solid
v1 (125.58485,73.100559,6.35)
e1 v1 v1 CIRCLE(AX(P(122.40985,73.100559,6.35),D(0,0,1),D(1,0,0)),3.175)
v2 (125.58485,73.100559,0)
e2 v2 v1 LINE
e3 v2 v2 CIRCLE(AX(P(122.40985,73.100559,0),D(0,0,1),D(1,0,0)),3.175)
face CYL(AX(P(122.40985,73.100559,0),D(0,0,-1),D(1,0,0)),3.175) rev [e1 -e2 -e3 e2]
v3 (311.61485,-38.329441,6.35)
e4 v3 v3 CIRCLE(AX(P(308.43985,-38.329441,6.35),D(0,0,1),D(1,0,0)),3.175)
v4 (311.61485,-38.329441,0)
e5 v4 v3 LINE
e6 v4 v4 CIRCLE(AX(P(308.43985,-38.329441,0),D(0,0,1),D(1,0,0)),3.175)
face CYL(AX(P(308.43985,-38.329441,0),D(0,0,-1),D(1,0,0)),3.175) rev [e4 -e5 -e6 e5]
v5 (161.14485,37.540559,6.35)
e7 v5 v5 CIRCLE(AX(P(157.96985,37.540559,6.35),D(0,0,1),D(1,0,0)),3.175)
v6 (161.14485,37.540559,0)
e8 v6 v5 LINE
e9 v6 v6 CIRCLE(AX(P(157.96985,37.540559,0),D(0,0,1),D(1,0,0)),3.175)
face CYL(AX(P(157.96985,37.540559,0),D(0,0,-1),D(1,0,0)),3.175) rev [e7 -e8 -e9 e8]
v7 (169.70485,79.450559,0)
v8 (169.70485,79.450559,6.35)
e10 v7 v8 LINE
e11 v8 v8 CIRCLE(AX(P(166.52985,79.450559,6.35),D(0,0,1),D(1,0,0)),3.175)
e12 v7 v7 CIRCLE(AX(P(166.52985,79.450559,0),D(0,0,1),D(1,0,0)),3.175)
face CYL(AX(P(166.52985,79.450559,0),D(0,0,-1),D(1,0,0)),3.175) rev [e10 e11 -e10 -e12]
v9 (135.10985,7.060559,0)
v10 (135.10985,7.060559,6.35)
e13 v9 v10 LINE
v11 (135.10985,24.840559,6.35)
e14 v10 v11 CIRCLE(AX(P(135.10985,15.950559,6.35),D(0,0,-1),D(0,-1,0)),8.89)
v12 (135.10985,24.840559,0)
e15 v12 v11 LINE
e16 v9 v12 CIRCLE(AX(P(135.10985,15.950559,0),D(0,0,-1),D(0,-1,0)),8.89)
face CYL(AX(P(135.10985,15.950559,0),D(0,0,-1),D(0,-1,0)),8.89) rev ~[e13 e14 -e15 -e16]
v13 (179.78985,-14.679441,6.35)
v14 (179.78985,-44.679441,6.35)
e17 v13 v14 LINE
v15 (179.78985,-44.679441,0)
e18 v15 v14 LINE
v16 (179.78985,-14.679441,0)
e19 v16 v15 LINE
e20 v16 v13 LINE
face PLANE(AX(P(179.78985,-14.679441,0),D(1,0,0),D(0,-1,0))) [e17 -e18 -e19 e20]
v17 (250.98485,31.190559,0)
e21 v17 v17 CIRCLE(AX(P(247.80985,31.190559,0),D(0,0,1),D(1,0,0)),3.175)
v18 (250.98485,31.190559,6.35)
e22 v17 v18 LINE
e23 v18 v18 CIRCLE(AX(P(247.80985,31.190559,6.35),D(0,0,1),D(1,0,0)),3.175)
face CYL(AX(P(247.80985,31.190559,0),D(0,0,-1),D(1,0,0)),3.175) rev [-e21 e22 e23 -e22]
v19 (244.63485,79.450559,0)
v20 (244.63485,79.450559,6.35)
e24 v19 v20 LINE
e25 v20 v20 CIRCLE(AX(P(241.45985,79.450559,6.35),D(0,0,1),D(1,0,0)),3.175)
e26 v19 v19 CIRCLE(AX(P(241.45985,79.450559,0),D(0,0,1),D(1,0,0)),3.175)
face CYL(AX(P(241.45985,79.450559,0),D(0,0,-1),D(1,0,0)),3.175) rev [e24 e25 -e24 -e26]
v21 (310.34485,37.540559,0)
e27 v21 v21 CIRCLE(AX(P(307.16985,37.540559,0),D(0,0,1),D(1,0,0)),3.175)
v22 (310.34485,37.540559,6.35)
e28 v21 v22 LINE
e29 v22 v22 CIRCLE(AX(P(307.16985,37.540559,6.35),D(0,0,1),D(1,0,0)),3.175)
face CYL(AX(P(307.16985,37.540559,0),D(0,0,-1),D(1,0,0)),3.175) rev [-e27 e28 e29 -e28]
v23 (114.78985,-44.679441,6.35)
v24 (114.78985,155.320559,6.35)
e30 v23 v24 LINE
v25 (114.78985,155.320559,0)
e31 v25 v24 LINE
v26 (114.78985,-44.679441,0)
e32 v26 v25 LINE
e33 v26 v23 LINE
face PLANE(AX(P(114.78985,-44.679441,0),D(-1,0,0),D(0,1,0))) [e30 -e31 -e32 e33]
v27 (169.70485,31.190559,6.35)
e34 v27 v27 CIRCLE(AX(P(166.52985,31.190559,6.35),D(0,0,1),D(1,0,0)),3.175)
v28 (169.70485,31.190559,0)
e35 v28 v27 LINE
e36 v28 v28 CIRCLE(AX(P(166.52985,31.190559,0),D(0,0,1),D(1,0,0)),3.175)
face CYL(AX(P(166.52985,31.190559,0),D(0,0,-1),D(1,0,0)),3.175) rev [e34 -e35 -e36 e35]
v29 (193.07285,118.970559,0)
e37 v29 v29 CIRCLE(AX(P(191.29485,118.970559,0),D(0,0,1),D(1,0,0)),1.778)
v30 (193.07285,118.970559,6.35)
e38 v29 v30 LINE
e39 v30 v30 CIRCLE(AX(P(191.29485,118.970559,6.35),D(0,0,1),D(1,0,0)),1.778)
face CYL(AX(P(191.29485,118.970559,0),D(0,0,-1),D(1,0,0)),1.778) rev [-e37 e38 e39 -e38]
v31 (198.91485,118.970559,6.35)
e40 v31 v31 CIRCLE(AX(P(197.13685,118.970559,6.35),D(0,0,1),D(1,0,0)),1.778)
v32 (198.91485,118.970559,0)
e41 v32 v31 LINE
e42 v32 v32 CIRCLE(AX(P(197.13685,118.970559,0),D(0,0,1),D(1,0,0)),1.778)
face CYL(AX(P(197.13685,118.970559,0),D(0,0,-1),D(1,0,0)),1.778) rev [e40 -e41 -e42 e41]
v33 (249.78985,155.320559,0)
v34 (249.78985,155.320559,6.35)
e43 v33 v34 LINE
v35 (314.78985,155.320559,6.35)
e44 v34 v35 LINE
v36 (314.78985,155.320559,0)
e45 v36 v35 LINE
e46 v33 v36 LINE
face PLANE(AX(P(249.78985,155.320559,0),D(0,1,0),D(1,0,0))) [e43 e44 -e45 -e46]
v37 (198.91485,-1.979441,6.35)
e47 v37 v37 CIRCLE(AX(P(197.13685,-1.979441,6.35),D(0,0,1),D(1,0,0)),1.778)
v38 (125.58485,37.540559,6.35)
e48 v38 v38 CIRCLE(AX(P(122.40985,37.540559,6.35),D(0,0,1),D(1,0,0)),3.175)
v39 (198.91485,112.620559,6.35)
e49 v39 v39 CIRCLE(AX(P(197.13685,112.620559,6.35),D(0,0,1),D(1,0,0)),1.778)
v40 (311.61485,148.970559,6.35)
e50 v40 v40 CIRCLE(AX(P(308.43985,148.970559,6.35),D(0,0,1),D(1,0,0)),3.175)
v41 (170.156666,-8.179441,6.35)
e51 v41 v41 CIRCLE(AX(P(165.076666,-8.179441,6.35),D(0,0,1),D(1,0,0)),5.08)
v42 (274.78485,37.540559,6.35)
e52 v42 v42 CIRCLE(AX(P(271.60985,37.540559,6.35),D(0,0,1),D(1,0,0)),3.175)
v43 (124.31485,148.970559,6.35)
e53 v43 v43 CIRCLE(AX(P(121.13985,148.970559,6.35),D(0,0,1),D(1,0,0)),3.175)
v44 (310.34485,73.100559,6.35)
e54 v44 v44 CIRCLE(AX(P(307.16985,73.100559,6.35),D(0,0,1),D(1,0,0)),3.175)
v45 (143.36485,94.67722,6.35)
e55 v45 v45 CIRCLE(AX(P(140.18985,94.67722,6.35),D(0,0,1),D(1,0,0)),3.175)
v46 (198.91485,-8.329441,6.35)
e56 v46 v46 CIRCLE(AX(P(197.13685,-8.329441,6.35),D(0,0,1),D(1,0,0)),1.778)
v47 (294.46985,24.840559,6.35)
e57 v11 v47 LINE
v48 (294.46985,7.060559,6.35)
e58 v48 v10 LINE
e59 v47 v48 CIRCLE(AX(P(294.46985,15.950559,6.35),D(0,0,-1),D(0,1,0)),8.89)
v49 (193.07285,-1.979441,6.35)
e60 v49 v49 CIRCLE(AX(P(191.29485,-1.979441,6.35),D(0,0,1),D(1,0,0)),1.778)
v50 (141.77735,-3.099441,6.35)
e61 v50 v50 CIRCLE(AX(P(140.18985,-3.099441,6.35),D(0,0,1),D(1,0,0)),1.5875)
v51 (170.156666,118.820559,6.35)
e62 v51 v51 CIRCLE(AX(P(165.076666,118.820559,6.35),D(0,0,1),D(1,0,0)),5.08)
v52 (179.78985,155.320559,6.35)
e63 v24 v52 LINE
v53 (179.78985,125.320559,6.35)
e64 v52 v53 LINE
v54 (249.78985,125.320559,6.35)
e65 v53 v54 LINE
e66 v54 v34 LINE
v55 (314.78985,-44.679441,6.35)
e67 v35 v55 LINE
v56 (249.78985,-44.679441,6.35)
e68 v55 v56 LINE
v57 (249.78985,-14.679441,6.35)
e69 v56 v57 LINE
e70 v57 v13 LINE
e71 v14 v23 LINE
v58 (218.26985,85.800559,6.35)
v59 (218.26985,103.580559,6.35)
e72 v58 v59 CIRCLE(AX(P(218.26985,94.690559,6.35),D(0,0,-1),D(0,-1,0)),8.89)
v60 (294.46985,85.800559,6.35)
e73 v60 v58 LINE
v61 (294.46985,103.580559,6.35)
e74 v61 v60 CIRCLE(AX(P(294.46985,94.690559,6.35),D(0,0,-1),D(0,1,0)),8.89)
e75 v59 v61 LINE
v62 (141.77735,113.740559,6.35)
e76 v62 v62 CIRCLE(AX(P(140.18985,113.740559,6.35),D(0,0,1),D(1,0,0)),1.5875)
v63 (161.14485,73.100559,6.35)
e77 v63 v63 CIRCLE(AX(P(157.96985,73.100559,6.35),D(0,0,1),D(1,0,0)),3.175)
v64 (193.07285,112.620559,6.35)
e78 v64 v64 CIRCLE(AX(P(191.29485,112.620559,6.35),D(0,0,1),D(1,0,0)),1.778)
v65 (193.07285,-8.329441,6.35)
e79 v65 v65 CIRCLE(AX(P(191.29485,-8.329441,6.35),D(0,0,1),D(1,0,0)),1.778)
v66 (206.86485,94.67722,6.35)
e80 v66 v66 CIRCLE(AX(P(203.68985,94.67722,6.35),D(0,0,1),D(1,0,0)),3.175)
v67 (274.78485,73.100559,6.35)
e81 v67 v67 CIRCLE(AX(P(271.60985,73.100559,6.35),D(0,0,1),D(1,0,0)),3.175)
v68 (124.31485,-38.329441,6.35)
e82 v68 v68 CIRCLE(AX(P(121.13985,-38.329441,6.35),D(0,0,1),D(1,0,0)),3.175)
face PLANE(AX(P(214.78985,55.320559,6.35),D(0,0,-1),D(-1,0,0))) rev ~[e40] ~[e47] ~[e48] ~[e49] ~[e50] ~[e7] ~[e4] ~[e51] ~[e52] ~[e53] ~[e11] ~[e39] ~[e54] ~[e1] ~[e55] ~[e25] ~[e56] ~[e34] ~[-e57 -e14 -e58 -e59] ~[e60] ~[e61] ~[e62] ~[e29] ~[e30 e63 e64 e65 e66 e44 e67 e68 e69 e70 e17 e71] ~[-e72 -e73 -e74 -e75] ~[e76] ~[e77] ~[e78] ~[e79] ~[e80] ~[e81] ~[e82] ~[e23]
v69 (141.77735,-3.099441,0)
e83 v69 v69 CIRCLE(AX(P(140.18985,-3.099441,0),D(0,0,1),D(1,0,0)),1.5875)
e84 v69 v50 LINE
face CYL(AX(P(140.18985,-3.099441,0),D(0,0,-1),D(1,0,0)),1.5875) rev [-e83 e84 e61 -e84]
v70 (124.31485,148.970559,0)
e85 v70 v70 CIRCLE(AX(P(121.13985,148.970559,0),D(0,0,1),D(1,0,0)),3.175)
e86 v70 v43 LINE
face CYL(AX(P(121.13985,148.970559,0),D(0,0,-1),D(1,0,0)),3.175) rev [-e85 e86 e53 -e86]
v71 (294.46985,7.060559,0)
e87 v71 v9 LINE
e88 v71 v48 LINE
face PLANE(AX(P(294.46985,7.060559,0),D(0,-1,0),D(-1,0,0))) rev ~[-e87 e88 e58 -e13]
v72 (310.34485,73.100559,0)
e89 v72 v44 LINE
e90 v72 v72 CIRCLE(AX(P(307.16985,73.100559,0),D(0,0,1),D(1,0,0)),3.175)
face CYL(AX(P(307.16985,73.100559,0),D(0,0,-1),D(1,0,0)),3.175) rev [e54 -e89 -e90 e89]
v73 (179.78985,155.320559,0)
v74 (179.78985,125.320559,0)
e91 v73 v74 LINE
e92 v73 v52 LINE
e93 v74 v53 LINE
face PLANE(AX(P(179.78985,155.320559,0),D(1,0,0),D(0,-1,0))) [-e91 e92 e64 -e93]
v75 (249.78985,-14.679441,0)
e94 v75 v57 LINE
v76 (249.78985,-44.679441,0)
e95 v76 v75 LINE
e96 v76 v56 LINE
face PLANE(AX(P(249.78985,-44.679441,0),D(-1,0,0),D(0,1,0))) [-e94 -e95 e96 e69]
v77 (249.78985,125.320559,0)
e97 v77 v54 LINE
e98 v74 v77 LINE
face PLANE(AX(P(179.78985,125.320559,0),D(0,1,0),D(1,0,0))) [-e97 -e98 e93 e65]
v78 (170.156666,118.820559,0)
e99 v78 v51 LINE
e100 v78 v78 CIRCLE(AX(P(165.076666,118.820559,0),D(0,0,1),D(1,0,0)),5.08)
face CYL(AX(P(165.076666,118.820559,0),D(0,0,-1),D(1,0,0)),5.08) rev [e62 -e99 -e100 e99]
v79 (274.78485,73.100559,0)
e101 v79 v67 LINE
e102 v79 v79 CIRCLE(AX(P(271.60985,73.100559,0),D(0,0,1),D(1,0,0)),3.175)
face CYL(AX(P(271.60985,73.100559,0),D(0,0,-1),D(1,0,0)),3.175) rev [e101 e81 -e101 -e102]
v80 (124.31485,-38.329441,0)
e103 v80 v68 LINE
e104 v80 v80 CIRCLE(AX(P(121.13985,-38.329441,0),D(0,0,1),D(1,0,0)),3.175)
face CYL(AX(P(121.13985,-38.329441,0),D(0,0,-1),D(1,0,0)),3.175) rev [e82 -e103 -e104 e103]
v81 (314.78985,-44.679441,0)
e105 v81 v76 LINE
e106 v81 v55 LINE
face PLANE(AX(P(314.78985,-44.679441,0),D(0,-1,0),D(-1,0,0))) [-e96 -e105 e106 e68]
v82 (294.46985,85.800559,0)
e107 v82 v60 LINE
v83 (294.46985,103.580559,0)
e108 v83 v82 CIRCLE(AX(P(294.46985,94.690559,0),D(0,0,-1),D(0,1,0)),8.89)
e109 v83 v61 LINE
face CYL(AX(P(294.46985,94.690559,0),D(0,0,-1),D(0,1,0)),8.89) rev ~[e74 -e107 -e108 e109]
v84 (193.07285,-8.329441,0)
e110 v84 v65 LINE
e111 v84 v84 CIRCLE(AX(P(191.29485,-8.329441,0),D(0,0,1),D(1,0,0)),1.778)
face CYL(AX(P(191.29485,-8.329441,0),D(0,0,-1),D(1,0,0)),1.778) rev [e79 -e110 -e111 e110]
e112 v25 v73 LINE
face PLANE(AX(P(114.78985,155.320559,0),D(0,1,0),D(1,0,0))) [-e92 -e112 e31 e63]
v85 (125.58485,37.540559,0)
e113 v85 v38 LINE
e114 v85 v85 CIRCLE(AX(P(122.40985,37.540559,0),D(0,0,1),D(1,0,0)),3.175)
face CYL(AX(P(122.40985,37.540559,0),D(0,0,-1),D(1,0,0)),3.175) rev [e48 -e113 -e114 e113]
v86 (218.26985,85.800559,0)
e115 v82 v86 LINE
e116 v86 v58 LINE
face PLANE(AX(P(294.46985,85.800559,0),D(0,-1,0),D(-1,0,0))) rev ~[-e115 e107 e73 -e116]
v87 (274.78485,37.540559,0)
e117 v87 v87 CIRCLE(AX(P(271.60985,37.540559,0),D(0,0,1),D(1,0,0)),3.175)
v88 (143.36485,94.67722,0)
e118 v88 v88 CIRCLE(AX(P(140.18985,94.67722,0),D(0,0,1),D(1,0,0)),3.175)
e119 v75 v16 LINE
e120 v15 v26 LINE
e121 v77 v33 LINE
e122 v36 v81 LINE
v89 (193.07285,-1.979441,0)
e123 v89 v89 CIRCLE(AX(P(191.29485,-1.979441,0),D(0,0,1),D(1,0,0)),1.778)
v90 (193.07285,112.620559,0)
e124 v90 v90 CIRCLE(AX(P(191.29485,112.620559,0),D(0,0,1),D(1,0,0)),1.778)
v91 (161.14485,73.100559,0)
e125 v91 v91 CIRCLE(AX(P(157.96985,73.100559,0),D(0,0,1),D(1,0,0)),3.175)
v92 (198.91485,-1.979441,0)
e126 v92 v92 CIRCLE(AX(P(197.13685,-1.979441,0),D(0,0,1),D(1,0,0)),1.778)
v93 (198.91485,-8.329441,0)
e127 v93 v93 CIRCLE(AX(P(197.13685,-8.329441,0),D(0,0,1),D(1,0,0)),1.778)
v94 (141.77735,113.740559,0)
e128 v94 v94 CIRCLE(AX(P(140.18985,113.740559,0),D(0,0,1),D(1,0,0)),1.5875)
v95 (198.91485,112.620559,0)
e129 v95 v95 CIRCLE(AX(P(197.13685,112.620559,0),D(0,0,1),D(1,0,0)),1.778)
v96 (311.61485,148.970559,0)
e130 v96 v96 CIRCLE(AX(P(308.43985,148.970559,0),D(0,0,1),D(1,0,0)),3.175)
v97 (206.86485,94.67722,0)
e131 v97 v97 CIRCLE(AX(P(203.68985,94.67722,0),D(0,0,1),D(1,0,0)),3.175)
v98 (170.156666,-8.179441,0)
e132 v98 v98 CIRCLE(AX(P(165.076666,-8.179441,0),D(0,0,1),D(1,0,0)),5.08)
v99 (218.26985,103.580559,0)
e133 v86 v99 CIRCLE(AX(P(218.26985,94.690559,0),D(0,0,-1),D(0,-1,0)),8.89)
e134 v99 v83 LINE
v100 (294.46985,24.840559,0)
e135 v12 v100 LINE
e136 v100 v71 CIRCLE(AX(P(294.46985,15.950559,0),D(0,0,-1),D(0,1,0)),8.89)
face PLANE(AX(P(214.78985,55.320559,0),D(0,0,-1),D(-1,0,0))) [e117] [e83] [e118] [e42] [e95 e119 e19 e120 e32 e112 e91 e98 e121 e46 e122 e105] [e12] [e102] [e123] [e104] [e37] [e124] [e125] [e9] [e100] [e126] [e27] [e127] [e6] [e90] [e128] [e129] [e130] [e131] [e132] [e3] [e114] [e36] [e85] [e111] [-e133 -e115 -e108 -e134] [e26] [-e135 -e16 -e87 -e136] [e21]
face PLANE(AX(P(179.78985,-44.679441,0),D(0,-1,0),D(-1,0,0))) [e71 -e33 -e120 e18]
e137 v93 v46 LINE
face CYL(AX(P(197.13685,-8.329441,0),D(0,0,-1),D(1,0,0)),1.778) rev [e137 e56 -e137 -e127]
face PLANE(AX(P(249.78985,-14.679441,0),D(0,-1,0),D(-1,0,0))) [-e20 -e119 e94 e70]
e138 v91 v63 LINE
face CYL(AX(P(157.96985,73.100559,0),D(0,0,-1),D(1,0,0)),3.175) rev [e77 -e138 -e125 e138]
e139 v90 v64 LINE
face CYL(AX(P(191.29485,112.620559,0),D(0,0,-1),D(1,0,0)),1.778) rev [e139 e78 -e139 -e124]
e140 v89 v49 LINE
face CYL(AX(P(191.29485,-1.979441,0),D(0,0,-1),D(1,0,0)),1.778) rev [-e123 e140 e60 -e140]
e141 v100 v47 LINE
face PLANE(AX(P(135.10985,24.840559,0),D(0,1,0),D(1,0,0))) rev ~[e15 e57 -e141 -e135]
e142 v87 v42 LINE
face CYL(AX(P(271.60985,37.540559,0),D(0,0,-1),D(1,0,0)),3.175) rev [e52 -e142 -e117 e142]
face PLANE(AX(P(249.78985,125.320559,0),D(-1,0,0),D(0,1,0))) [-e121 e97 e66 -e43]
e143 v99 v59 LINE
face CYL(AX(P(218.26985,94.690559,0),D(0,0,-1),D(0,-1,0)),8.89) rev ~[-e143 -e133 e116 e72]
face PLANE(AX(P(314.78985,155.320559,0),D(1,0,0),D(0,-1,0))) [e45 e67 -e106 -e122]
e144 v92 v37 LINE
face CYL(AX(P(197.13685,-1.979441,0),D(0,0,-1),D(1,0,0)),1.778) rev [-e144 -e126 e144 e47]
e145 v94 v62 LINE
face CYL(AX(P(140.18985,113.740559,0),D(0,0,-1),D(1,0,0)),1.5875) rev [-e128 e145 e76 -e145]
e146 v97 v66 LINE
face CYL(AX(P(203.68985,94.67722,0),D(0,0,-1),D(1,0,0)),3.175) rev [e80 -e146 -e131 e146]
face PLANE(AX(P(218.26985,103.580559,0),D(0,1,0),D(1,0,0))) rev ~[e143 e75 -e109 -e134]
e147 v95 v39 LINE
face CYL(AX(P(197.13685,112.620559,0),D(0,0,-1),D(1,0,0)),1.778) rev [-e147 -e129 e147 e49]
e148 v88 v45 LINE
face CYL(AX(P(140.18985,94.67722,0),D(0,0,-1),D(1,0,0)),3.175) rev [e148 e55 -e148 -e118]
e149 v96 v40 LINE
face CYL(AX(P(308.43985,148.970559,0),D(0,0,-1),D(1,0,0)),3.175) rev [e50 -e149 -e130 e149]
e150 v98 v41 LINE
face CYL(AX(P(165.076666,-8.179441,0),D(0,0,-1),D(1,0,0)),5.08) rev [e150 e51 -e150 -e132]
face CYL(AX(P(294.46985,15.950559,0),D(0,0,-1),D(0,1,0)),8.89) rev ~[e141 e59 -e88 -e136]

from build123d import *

# Parameters (mm, degrees)
SKETCH1_R           = 1.5875
SKETCH1_R_2         = 3.175
SKETCH1_R_3         = 1.778
SKETCH1_R_4         = 5.08
BOSS_EXTRUDE1_DEPTH = 6.35


with BuildPart() as part:
    # Sketch1 → Boss-Extrude1 (new body)
    with BuildSketch(Plane.XY):
        Polygon((249.789850187, 155.320558714), (314.789850187, 155.320558714), (314.789850187, -44.679441286), (249.789850187, -44.679441286), (249.789850187, -14.679441286), (179.789850187, -14.679441286), (179.789850187, -44.679441286), (114.789850187, -44.679441286), (114.789850187, 155.320558714), (179.789850187, 155.320558714), (179.789850187, 125.320558714), (249.789850187, 125.320558714), align=None)
        with Locations((140.189850187, -3.099441286)):
            Circle(SKETCH1_R, mode=Mode.SUBTRACT)
        with Locations((122.409850187, 73.100558714)):
            Circle(SKETCH1_R_2, mode=Mode.SUBTRACT)
        with Locations((122.409850187, 37.540558714)):
            Circle(SKETCH1_R_2, mode=Mode.SUBTRACT)
        with Locations((157.969850187, 37.540558714)):
            Circle(SKETCH1_R_2, mode=Mode.SUBTRACT)
        with Locations((140.189850187, 113.740558714)):
            Circle(SKETCH1_R, mode=Mode.SUBTRACT)
        with Locations((157.969850187, 73.100558714)):
            Circle(SKETCH1_R_2, mode=Mode.SUBTRACT)
        with Locations((271.609850187, 73.100558714)):
            Circle(SKETCH1_R_2, mode=Mode.SUBTRACT)
        with Locations((307.169850187, 73.100558714)):
            Circle(SKETCH1_R_2, mode=Mode.SUBTRACT)
        with Locations((271.609850187, 37.540558714)):
            Circle(SKETCH1_R_2, mode=Mode.SUBTRACT)
        with Locations((307.169850187, 37.540558714)):
            Circle(SKETCH1_R_2, mode=Mode.SUBTRACT)
        with Locations((121.139850187, 148.970558714)):
            Circle(SKETCH1_R_2, mode=Mode.SUBTRACT)
        with Locations((140.189850187, 94.677220113)):
            Circle(SKETCH1_R_2, mode=Mode.SUBTRACT)
        with Locations((203.689850187, 94.677220113)):
            Circle(SKETCH1_R_2, mode=Mode.SUBTRACT)
        with Locations((191.294850187, -1.979441286)):
            Circle(SKETCH1_R_3, mode=Mode.SUBTRACT)
        with Locations((197.136850187, -1.979441286)):
            Circle(SKETCH1_R_3, mode=Mode.SUBTRACT)
        with Locations((191.294850187, -8.329441286)):
            Circle(SKETCH1_R_3, mode=Mode.SUBTRACT)
        with Locations((197.136850187, -8.329441286)):
            Circle(SKETCH1_R_3, mode=Mode.SUBTRACT)
        with Locations((191.294850187, 118.970558714)):
            Circle(SKETCH1_R_3, mode=Mode.SUBTRACT)
        with Locations((191.294850187, 112.620558714)):
            Circle(SKETCH1_R_3, mode=Mode.SUBTRACT)
        with Locations((197.136850187, 112.620558714)):
            Circle(SKETCH1_R_3, mode=Mode.SUBTRACT)
        with Locations((197.136850187, 118.970558714)):
            Circle(SKETCH1_R_3, mode=Mode.SUBTRACT)
        with Locations((166.529850187, 79.450558714)):
            Circle(SKETCH1_R_2, mode=Mode.SUBTRACT)
        with Locations((241.459850187, 79.450558714)):
            Circle(SKETCH1_R_2, mode=Mode.SUBTRACT)
        with Locations((166.529850187, 31.190558714)):
            Circle(SKETCH1_R_2, mode=Mode.SUBTRACT)
        with Locations((247.809850187, 31.190558714)):
            Circle(SKETCH1_R_2, mode=Mode.SUBTRACT)
        with Locations((121.139850187, -38.329441286)):
            Circle(SKETCH1_R_2, mode=Mode.SUBTRACT)
        with Locations((308.439850187, -38.329441286)):
            Circle(SKETCH1_R_2, mode=Mode.SUBTRACT)
        with Locations((308.439850187, 148.970558714)):
            Circle(SKETCH1_R_2, mode=Mode.SUBTRACT)
        with Locations((165.076665974, 118.820558714)):
            Circle(SKETCH1_R_4, mode=Mode.SUBTRACT)
        with Locations((165.076665974, -8.179441286)):
            Circle(SKETCH1_R_4, mode=Mode.SUBTRACT)
        with BuildLine():
            Line((135.109850187, 24.840558714), (294.469850187, 24.840558714))
            ThreePointArc((294.469850187, 24.840558714), (303.359850187, 15.950558714), (294.469850187, 7.060558714))
            Line((294.469850187, 7.060558714), (135.109850187, 7.060558714))
            ThreePointArc((135.109850187, 7.060558714), (126.219850187, 15.950558714), (135.109850187, 24.840558714))
        make_face(mode=Mode.SUBTRACT)
        with BuildLine():
            Line((218.269850187, 103.580558714), (294.469850187, 103.580558714))
            ThreePointArc((294.469850187, 103.580558714), (303.359850187, 94.690558714), (294.469850187, 85.800558714))
            Line((294.469850187, 85.800558714), (218.269850187, 85.800558714))
            ThreePointArc((218.269850187, 85.800558714), (209.379850187, 94.690558714), (218.269850187, 103.580558714))
        make_face(mode=Mode.SUBTRACT)
    extrude(amount=BOSS_EXTRUDE1_DEPTH)


solid = part.part
